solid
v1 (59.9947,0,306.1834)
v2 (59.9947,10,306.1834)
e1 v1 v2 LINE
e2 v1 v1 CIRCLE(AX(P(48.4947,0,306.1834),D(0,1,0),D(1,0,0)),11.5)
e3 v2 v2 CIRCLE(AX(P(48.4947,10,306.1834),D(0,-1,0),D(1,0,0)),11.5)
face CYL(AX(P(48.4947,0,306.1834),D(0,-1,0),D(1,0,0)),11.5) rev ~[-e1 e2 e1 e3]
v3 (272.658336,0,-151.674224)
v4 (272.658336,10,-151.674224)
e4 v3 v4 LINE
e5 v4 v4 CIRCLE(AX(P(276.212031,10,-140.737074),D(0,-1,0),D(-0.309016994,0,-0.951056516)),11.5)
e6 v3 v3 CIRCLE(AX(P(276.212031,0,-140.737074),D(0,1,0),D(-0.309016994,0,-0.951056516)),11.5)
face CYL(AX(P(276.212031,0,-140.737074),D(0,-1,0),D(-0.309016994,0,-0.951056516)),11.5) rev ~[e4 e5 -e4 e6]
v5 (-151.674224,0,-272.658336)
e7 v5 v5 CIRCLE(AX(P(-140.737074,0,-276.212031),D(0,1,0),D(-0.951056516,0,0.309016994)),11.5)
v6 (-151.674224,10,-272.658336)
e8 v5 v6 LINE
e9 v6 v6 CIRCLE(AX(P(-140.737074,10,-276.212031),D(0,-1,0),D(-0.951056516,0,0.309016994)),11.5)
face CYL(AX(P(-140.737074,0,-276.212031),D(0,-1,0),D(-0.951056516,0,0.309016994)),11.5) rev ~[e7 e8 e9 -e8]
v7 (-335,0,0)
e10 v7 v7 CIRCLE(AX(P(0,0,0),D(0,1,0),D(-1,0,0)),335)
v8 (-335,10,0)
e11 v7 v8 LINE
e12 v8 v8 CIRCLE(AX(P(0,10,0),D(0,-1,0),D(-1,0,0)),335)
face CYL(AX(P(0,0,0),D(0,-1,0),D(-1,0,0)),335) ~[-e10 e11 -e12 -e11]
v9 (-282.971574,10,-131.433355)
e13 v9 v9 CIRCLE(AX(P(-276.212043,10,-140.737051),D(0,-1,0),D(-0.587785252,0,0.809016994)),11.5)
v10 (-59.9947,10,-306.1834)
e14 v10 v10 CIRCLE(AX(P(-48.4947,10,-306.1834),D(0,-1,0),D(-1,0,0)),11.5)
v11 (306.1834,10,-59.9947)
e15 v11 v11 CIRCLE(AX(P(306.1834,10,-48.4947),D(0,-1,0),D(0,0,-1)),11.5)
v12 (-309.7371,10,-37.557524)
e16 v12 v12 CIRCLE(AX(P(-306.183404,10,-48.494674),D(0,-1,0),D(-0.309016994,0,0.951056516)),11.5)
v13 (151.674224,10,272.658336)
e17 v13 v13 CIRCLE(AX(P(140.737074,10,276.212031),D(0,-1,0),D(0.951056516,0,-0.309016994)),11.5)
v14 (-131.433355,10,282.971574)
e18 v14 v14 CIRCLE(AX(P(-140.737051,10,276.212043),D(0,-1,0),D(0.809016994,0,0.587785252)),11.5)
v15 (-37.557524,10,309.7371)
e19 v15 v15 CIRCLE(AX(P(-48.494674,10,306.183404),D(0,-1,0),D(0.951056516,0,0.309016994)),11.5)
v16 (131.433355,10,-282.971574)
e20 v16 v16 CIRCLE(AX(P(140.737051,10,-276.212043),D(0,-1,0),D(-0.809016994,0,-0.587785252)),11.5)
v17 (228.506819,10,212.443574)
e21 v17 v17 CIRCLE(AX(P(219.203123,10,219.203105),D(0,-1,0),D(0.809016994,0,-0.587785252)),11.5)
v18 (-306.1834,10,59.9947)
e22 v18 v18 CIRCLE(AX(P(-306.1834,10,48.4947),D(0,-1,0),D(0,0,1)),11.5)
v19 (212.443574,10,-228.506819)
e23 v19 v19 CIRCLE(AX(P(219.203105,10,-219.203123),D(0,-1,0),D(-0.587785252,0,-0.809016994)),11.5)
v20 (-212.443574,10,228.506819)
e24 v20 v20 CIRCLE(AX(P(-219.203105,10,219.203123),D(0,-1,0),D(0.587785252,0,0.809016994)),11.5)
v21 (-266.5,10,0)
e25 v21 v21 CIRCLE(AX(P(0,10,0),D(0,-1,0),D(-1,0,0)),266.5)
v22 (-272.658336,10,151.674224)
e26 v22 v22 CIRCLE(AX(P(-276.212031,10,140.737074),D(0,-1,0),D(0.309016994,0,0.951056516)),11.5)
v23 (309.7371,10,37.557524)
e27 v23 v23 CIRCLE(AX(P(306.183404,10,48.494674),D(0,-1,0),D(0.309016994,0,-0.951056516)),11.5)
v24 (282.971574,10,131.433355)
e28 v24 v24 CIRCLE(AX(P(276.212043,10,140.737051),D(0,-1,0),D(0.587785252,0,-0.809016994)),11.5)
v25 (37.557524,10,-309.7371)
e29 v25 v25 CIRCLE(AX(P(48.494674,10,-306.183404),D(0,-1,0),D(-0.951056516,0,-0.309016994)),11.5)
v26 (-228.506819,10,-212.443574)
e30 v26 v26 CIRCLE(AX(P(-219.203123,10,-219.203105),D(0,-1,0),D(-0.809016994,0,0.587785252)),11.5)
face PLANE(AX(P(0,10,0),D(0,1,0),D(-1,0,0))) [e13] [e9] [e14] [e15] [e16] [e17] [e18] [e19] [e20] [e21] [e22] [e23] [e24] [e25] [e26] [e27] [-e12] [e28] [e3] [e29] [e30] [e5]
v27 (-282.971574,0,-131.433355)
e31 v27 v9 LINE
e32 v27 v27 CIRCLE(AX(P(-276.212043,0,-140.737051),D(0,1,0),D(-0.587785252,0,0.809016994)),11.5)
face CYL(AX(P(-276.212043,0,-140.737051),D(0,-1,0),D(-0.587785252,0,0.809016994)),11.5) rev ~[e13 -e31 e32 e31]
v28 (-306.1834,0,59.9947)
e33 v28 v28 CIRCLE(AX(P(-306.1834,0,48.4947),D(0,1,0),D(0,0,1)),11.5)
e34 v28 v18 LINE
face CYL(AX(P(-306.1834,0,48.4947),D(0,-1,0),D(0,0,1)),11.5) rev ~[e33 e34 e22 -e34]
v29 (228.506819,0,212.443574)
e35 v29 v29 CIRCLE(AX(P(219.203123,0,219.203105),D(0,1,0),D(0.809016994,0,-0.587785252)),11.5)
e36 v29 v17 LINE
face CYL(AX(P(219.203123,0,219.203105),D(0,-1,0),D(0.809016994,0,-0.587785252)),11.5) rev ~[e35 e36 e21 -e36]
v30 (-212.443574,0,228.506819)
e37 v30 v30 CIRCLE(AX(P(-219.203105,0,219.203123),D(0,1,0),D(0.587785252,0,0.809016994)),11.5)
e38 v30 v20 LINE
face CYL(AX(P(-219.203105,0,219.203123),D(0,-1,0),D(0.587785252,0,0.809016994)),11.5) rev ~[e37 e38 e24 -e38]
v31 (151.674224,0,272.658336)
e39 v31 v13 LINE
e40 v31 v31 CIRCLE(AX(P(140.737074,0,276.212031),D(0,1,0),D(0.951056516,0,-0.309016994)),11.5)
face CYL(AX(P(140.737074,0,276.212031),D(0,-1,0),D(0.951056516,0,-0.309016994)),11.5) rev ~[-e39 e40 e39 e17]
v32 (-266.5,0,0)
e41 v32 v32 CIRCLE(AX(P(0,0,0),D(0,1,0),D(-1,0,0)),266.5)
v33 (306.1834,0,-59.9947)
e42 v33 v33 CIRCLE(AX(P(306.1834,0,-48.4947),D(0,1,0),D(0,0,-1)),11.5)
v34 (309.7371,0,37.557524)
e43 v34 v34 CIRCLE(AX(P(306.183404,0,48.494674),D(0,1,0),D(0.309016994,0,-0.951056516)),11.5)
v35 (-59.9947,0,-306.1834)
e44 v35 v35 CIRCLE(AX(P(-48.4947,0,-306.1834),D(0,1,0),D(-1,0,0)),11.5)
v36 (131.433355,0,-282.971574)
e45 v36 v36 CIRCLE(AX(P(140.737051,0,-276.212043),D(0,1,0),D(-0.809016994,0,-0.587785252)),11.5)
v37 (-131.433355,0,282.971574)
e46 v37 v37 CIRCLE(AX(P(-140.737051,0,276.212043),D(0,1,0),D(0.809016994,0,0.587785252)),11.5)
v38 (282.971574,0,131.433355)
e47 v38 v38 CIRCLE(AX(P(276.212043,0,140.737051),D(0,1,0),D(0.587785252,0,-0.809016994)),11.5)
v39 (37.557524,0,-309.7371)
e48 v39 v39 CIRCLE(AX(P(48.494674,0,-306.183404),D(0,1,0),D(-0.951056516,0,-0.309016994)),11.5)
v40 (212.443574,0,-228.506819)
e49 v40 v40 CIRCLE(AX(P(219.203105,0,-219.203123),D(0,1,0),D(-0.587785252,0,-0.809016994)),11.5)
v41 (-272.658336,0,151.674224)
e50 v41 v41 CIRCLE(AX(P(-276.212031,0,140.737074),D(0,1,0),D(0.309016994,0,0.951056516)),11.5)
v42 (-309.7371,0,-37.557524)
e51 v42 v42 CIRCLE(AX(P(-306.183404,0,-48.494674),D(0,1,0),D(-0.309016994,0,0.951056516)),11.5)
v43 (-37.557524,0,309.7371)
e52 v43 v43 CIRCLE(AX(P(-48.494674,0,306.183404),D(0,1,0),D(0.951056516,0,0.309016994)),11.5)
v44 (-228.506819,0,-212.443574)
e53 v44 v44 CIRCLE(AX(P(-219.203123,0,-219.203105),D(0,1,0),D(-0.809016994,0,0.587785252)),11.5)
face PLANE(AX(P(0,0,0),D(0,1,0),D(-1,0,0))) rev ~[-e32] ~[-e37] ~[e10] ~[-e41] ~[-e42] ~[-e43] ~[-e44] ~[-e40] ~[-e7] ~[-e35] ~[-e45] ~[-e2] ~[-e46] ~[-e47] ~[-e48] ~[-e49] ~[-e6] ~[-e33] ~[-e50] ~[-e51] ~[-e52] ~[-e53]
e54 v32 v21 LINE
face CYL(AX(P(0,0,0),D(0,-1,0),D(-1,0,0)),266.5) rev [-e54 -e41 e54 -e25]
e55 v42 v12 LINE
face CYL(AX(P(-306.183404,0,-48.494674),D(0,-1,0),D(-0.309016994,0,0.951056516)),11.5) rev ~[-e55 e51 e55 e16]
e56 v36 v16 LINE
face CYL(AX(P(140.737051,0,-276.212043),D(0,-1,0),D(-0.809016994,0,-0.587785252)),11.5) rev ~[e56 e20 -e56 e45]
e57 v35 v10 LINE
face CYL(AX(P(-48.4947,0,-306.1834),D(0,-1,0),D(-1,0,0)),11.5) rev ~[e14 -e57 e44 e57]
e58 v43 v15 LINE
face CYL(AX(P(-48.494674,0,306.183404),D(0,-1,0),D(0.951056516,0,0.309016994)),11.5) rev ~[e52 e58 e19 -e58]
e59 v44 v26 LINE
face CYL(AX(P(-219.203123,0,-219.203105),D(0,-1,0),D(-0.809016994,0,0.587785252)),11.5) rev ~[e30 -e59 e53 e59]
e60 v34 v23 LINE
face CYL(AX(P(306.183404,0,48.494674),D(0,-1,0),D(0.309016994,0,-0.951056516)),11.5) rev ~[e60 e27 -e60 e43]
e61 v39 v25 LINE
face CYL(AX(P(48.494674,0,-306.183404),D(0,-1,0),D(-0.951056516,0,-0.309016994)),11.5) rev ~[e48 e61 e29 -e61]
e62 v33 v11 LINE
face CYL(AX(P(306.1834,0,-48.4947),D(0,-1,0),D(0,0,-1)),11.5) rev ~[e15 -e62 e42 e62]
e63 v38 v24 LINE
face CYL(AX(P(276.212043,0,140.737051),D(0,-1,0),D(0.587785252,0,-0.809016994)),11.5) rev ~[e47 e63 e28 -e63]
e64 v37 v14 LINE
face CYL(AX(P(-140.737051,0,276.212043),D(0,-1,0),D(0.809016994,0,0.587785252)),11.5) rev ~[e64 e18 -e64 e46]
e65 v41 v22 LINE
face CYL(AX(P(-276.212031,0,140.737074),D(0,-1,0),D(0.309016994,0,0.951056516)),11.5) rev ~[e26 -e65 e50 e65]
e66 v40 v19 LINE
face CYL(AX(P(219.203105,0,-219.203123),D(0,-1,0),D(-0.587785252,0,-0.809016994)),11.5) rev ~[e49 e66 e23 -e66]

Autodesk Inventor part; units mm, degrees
ref_plane "YZ Plane" through (0, 0, 0) normal (1, 0, 0) x (0, 1, 0)
ref_plane "XZ Plane" through (0, 0, 0) normal (0, 1, 0) x (-1, 0, 0)
ref_plane "XY Plane" through (0, 0, 0) normal (0, 0, 1) x (1, 0, 0)
sketch "Sketch1" plane through (0, 0, 0) normal (0, 1, 0) x (-1, 0, 0)
  circle A0 centre (0, 0) radius 266.5
  circle A1 centre (0, 0) radius 335
  line L0 (335, 0) -> (266.5, 0)
  line L1 (-266.5, 0) -> (-335, 0)
  line L2 (0, 266.5) -> (0, 335)
  point P0 (300.75, 0)
  point P1 (-300.75, 0)
  point P2 (0, 300.75)
  dimension "d1" = 670
  dimension "d4" = 533
extrude "Extrusion1" add sketch "Sketch1" along normal blind 10 contours L0 A1 L1 A0 | A0 L2 A1 L0 | A0 L1 A1 L2
sketch "Sketch2" plane through (0, 0, 0) normal (0, -1, 0) x (1, 0, 0)
  circle A0 centre (0, 0) radius 335 projected
  circle A1 centre (0, 0) radius 266.5 projected
  circle A2 centre (48.4947, 306.1834) radius 11.5
  circle A3 centre (0, 0) radius 266.5 projected
  line L0 (48.4947, 306.1834) -> (0, 0)
  point P0 (0, 266.5)
  point P1 (265, 0)
  dimension "d5" = 310
  dimension "d7" = 23
extrude "Cut1" cut sketch "Sketch2" against normal blind 10 contours A2
pattern_circular "Circular Pattern1" count 20 over 360 about axis through (0, 0, 0) along (0, 1, 0) of "Cut1"
equation "\"d2\" = Thickness"
equation "\"d9\" = Thickness"
equation "\"BendReliefDepth\" = 0.5 * Thickness"
equation "\"Thickness\" = 10"
properties part number "PNS-612 accses hatch flangeipt_1200"
